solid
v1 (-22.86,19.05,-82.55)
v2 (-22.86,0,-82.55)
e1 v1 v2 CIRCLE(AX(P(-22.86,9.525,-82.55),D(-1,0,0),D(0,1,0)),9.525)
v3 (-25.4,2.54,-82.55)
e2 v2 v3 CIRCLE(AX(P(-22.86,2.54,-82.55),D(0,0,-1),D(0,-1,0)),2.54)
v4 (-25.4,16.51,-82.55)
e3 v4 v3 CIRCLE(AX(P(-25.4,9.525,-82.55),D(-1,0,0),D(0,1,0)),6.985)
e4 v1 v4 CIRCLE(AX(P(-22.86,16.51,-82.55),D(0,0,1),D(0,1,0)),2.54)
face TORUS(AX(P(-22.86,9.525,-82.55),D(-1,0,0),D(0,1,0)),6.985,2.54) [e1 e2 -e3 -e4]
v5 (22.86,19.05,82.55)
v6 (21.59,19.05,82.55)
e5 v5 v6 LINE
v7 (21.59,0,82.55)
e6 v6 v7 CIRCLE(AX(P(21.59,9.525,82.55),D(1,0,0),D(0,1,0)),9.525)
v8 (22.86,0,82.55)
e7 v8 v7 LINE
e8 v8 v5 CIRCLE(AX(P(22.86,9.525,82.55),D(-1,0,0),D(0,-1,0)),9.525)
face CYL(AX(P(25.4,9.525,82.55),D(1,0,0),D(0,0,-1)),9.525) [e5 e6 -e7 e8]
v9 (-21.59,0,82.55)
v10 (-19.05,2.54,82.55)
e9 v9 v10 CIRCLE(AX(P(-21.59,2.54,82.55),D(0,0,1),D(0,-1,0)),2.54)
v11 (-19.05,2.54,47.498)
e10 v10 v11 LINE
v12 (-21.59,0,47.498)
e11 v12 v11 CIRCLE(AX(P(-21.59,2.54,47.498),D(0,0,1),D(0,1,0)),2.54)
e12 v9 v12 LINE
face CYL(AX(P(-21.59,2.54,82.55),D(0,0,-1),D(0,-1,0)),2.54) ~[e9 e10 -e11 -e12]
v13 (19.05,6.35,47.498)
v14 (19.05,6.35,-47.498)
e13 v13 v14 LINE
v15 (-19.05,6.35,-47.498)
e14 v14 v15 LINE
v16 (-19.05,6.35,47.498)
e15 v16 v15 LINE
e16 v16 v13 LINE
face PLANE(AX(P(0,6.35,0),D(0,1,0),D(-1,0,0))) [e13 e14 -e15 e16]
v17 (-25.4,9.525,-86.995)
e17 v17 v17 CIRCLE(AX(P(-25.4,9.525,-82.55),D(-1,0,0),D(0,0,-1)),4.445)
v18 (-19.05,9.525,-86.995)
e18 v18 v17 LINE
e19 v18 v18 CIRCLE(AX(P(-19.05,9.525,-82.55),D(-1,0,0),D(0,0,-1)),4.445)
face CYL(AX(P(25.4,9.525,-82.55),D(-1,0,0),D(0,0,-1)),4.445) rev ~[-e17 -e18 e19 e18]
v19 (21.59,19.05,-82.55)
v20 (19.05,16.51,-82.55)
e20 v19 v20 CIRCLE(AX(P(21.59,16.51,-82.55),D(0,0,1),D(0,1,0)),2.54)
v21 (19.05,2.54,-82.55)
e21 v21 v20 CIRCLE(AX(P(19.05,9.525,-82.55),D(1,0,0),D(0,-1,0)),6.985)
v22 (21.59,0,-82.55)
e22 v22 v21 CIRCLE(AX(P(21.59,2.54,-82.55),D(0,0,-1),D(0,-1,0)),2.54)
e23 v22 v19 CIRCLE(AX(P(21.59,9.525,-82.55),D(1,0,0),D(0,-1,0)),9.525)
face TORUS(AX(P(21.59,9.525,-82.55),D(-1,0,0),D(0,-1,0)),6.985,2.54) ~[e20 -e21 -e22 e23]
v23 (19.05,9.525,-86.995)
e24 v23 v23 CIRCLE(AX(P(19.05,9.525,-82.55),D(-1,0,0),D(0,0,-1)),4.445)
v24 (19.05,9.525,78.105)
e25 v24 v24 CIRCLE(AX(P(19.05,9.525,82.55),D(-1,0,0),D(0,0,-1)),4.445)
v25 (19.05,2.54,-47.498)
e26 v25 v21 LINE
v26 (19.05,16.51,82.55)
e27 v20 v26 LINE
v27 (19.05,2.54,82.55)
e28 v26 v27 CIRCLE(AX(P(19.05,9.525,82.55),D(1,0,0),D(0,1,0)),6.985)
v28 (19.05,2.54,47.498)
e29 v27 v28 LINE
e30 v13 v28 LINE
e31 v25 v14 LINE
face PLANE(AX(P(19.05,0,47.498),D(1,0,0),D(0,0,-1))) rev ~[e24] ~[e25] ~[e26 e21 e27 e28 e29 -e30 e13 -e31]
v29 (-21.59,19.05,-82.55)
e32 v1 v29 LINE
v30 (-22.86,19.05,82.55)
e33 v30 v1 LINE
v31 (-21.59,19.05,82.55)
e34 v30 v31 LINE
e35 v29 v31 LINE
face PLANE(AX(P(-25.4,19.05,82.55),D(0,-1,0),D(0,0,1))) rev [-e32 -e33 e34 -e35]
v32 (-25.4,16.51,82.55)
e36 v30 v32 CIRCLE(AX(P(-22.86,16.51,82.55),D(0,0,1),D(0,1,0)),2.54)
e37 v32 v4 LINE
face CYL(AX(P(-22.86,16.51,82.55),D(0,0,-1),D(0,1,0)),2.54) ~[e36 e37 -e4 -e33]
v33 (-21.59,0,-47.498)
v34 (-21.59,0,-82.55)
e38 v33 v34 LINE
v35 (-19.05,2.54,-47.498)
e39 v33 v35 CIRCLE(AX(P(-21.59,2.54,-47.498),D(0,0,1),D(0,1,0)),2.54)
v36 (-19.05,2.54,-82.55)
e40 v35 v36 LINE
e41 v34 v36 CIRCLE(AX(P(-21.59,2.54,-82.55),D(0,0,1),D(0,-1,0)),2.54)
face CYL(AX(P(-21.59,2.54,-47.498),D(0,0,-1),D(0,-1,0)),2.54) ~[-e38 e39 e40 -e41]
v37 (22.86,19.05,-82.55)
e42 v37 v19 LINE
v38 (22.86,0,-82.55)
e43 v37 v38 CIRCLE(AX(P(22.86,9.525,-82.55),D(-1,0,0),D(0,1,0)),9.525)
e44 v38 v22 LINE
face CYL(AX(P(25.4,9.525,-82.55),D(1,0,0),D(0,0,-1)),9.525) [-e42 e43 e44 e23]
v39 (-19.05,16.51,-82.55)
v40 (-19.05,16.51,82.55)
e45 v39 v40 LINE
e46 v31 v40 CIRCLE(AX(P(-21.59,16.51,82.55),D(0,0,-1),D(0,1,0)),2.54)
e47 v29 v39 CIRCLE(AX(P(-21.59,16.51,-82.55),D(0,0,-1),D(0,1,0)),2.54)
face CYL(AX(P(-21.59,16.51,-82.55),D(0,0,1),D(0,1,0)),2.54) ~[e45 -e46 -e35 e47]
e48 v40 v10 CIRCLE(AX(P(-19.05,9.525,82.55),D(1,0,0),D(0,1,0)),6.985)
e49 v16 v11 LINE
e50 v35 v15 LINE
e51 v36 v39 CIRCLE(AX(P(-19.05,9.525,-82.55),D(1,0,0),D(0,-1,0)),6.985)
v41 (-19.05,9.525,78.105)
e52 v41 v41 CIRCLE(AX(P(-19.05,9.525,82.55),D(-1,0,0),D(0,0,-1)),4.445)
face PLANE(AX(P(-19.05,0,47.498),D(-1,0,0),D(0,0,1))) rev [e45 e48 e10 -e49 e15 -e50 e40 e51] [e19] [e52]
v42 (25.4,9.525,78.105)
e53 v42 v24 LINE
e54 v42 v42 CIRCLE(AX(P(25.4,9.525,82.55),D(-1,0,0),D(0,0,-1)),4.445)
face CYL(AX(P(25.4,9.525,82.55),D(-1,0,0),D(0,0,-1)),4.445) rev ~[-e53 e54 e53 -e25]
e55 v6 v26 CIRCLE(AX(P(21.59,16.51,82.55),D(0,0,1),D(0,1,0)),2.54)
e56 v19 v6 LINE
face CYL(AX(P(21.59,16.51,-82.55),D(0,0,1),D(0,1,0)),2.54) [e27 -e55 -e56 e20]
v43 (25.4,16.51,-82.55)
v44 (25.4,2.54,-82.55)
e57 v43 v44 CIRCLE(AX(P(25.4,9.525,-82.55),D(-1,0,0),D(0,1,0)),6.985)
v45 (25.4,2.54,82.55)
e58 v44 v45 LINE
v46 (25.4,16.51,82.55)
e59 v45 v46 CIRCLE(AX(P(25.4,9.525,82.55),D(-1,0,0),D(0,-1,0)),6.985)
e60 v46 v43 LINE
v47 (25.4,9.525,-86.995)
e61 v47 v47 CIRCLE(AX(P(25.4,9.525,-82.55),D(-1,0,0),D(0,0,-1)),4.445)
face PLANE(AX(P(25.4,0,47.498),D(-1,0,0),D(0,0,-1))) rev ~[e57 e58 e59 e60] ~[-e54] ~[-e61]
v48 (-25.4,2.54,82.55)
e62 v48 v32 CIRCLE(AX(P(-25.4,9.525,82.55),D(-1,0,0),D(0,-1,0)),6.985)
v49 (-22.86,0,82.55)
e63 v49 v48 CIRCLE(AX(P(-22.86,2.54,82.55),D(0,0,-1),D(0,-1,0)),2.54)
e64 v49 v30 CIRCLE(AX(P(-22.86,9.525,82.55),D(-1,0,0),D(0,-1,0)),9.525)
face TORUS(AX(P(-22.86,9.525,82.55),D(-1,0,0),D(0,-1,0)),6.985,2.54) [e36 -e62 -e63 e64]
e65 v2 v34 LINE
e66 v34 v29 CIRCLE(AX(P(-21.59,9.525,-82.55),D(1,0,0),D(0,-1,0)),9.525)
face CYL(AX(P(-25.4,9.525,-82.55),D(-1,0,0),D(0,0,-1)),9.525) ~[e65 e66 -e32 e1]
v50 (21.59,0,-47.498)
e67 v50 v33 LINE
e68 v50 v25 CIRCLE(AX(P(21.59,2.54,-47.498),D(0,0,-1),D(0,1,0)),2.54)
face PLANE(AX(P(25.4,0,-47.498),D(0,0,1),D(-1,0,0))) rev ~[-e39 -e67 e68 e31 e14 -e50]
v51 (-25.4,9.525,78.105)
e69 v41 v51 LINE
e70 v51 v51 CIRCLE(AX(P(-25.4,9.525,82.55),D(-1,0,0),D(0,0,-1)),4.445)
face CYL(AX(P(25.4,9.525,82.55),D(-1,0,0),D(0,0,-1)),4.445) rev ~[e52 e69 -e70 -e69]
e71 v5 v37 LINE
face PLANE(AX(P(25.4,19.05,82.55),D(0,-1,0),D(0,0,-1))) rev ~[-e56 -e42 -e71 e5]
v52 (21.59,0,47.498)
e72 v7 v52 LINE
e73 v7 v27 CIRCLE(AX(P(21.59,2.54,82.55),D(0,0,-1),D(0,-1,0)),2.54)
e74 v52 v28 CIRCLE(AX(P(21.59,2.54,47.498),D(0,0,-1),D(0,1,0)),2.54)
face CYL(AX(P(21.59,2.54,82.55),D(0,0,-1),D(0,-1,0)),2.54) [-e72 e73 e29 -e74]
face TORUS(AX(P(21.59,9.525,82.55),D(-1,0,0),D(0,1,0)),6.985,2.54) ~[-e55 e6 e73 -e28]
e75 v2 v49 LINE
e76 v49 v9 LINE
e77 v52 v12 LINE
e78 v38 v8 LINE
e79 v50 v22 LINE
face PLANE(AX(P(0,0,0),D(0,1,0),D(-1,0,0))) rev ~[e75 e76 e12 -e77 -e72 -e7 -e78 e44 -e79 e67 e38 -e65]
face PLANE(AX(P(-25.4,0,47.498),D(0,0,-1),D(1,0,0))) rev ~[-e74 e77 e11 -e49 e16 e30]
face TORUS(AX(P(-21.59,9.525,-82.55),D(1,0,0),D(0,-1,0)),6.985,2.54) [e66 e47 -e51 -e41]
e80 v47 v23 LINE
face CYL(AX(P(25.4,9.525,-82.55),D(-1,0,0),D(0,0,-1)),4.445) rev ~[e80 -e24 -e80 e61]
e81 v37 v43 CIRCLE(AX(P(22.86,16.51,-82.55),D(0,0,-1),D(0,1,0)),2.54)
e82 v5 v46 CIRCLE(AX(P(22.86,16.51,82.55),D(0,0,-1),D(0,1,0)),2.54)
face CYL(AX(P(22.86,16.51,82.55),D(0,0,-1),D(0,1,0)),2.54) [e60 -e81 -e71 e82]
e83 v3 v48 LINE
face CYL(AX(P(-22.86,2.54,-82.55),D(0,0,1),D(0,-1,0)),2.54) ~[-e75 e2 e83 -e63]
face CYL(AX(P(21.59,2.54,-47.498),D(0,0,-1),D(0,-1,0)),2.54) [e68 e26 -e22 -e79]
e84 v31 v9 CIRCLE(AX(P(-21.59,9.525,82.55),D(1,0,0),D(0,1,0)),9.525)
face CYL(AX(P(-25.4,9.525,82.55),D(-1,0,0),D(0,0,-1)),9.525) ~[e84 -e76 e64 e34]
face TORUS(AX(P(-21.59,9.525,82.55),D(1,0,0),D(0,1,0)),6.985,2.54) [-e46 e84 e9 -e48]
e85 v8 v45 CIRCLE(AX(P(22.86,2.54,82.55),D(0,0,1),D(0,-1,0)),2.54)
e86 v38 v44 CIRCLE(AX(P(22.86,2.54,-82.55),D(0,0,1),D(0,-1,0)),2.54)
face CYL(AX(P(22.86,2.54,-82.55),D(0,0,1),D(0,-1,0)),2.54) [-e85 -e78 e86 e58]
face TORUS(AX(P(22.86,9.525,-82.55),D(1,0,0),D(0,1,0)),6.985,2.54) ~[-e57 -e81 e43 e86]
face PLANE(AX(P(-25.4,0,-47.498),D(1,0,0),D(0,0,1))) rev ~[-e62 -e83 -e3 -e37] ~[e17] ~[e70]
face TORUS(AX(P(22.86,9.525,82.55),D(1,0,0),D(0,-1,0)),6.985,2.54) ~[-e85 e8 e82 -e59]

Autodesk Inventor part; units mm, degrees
ref_plane "YZ Plane" through (0, 0, 0) normal (1, 0, 0) x (0, 1, 0)
ref_plane "XZ Plane" through (0, 0, 0) normal (0, 1, 0) x (-1, 0, 0)
ref_plane "XY Plane" through (0, 0, 0) normal (0, 0, 1) x (1, 0, 0)
sketch "Sketch1" plane through (0, 0, 0) normal (0, 1, 0) x (-1, 0, 0)
  line L0 (25.4, 47.498) -> (-25.4, 47.498)
  line L1 (-25.4, 47.498) -> (-25.4, -47.498)
  line L2 (-25.4, -47.498) -> (25.4, -47.498)
  line L3 (25.4, -47.498) -> (25.4, 47.498)
  line L4 (25.4, 47.498) -> (-25.4, -47.498) construction
  line L5 (-25.4, 47.498) -> (25.4, -47.498) construction
  point P0 (0, 0)
  dimension "d0" = 50.8
  dimension "d1" = 94.996
extrude "Extrusion1" add sketch "Sketch1" along normal blind 6.35
sketch "Sketch2" plane through (25.4, 0, 47.498) normal (1, 0, 0) x (0, 0, -1)
  line L0 (-35.052, 19.05) -> (130.048, 19.05)
  line L1 (130.048, 19.05) -> (130.048, 0)
  line L2 (130.048, 0) -> (-35.052, 0)
  line L3 (-35.052, 0) -> (-35.052, 19.05)
  line L4 (-35.052, 19.05) -> (130.048, 0) construction
  line L5 (130.048, 19.05) -> (-35.052, 0) construction
  line L6 (0, 0) -> (94.996, 0) projected
  circle A0 centre (-35.052, 9.525) radius 9.525
  circle A1 centre (130.048, 9.525) radius 9.525
  point P0 (47.498, 0)
  point P1 (47.498, 9.525)
  point P2 (47.498, 0)
  dimension "d4" = 165.1
  dimension "d5" = 19.05
extrude "Extrusion2" add sketch "Sketch2" against normal blind 6.35
fillet "Fillet1" radius 2.54 9 edges at (19.05, 0, -65.024) (19.05, 19.05, 0) (19.05, 9.525, 92.075) (19.05, 0, 65.024) (19.05, 9.525, -92.075) (25.4, 19.05, 0) (25.4, 9.525, 92.075) (25.4, 0, 0) (25.4, 9.525, -92.075)
mirror "Mirror1" about plane through (0, 0, 0) normal (1, 0, 0) of "Extrusion2", "Fillet1"
sketch "Sketch3" plane through (25.4, 9.525, 82.55) normal (1, 0, 0) x (0, 0, -1)
  arc A0 (165.1, -6.985) -> (165.1, 6.985) centre (165.1, 0) ccw projected
  point P0 (82.55, -9.525)
  point P1 (0, 0)
hole "Hole1" at (25.4, 9.525, 82.55) at (25.4, 9.525, -82.55) direction (-1, 0, 0) diameter 8.89 end through all
properties part number "Thick Leg"
